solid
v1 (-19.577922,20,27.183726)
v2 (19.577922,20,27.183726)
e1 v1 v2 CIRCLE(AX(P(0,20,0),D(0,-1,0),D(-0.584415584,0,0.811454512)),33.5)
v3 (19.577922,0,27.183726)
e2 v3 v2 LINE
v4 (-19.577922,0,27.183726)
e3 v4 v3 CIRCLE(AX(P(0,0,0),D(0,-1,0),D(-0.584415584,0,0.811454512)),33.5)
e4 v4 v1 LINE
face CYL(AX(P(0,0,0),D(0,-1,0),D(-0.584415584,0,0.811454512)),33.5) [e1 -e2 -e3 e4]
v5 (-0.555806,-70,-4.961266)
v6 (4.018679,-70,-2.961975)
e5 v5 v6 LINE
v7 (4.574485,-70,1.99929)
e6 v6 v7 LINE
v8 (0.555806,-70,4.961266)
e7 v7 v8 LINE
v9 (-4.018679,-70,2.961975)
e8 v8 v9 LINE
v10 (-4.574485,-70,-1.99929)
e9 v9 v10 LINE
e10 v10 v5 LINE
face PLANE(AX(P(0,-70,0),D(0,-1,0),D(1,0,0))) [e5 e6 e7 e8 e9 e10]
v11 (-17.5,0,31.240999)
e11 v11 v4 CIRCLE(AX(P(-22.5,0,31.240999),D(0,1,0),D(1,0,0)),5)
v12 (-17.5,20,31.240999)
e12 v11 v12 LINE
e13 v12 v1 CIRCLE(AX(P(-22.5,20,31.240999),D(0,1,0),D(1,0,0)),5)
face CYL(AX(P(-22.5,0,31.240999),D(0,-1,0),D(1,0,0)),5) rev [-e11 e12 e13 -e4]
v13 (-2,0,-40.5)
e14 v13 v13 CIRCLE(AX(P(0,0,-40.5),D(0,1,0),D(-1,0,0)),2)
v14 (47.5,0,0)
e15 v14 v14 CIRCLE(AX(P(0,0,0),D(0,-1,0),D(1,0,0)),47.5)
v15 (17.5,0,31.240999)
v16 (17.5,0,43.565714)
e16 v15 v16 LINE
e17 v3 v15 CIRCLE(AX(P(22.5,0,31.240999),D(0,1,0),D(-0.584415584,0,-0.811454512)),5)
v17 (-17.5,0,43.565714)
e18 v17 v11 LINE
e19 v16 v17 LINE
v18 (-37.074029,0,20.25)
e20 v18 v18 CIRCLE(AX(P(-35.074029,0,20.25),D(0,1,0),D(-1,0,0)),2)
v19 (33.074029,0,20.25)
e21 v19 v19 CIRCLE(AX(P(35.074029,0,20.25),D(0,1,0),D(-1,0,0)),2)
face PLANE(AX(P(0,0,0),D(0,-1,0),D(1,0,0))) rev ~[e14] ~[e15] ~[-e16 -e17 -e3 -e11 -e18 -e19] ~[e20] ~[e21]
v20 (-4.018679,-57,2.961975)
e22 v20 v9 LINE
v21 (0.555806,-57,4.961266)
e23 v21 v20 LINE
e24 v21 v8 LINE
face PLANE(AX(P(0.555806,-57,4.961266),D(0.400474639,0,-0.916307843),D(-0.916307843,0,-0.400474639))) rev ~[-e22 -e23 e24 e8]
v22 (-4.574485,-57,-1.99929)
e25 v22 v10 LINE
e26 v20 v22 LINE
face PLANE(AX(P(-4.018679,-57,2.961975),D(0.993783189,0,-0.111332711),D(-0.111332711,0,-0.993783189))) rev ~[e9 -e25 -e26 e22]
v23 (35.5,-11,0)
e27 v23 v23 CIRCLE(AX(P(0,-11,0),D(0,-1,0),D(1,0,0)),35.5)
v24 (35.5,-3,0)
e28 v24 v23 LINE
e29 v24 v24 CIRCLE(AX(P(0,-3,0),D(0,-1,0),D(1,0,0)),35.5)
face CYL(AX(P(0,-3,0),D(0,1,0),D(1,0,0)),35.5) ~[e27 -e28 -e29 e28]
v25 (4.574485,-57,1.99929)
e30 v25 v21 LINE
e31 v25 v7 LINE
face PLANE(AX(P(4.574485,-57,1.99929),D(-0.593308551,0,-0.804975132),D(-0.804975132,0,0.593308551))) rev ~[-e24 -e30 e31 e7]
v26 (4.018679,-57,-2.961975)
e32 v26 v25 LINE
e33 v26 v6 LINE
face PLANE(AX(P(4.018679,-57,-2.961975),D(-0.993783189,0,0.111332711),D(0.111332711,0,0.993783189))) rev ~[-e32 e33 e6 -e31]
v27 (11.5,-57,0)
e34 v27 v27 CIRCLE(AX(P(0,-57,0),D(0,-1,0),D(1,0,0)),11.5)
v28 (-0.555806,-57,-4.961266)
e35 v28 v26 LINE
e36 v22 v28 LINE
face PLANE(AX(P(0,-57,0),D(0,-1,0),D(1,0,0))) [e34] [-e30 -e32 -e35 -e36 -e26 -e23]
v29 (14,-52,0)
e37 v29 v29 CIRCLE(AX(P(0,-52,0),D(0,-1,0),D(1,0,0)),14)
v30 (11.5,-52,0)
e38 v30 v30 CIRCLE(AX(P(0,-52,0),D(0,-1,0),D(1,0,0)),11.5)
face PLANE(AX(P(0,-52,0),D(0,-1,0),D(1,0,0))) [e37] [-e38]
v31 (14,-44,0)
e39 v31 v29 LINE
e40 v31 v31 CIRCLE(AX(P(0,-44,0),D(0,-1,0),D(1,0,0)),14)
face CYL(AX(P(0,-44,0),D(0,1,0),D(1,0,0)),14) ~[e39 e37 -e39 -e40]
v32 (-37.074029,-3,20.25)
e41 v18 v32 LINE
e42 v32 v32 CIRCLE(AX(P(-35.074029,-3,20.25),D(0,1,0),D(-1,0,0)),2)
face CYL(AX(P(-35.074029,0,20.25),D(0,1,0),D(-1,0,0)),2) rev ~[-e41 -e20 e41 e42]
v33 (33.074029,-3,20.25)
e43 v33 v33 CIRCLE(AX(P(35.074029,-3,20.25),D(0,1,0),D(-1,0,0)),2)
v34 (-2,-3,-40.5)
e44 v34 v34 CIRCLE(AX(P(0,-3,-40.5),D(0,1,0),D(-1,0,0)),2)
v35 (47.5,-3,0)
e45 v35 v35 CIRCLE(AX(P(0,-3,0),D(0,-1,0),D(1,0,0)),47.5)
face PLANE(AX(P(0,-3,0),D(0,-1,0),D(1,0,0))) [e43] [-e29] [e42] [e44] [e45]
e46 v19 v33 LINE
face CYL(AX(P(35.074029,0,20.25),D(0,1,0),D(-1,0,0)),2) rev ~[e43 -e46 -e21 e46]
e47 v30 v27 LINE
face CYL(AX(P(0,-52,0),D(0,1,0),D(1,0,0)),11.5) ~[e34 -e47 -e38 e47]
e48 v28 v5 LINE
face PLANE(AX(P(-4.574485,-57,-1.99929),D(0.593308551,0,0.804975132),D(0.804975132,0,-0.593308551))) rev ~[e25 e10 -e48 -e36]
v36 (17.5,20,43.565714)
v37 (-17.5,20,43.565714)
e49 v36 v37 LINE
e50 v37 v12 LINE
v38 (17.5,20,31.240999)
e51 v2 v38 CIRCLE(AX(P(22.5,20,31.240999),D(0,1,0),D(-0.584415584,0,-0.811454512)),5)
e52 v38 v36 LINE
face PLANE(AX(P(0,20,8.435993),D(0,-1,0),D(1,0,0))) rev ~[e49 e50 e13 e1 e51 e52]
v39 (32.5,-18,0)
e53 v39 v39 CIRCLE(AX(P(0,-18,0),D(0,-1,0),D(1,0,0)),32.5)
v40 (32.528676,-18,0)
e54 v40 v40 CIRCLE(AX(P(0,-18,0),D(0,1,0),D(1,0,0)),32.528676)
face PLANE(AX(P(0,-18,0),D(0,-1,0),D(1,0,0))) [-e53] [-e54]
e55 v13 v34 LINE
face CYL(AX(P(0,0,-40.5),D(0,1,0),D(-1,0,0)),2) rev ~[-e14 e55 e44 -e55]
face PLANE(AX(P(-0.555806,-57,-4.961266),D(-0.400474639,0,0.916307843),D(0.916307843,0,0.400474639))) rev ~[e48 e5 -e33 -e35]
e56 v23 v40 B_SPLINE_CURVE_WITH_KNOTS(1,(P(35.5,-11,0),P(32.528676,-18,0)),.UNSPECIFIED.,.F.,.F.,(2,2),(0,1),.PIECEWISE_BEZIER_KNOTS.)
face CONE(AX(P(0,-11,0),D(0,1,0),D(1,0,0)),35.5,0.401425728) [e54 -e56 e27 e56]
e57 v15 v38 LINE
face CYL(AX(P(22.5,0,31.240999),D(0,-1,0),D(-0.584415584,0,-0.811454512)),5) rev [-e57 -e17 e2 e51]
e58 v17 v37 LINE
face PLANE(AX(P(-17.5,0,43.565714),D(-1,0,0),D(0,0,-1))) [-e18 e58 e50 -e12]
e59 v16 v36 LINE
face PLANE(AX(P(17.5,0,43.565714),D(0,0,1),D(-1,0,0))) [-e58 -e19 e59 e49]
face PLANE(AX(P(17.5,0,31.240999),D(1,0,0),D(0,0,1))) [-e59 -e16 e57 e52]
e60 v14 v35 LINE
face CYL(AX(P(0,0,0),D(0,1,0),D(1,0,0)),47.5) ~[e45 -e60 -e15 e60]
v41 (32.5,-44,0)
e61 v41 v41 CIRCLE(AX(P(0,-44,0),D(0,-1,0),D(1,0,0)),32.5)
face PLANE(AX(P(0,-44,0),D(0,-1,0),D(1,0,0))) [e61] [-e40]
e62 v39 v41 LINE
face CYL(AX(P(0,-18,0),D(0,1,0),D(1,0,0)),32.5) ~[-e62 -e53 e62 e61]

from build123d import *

# Parameters (mm, degrees)
F1_DEPTH  = 20
F2_R      = 47.5
F3_DEPTH  = 3
F4_R      = 35.5
F5_DEPTH  = 8
F6_R      = 35.5
F7_DEPTH  = 7
F7_TAPER  = 23
F8_R      = 32.5
F9_DEPTH  = 26
F10_R     = 14
F11_DEPTH = 8
F12_R     = 11.5
F13_DEPTH = 5
F15_DEPTH = 13
F16_R     = 2
F17_DEPTH = 70.001


with BuildPart() as f1:
    # F0 (on Front) → F1 (new body)
    with BuildSketch(Plane.XZ):
        with BuildLine():
            ThreePointArc((-17.5, 31.2409987036), (-18.0496972232, 28.9617871744), (-19.5779220779, 27.1837261447))
            ThreePointArc((-19.5779220779, 27.1837261447), (0, -33.5), (19.5779220779, 27.1837261447))
            ThreePointArc((19.5779220779, 27.1837261447), (18.0496972232, 28.9617871744), (17.5, 31.2409987036))
            Line((17.5, 31.2409987036), (17.5, 43.5657137142))
            Line((17.5, 43.5657137142), (0, 43.5657137142))
            Line((0, 43.5657137142), (-17.5, 43.5657137142))
            Line((-17.5, 43.5657137142), (-17.5, 31.2409987036))
        make_face()
    extrude(amount=-F1_DEPTH)

    # F2 (on face) → F3 (join)
    with BuildSketch(Plane.XZ):
        Circle(F2_R)
    extrude(amount=F3_DEPTH)

    # F4 (on face) → F5 (join)
    with BuildSketch(Plane.XZ.offset(3)):
        Circle(F4_R)
    extrude(amount=F5_DEPTH)

    # F6 (on face) → F7 (join)
    with BuildSketch(Plane.XZ.offset(11)):
        Circle(F6_R)
    extrude(amount=F7_DEPTH, taper=F7_TAPER)

    # F8 (on face) → F9 (join)
    with BuildSketch(Plane.XZ.offset(18)):
        Circle(F8_R)
    extrude(amount=F9_DEPTH)

    # F10 (on face) → F11 (join)
    with BuildSketch(Plane.XZ.offset(44)):
        Circle(F10_R)
    extrude(amount=F11_DEPTH)

    # F12 (on face) → F13 (join)
    with BuildSketch(Plane.XZ.offset(52)):
        Circle(F12_R)
    extrude(amount=F13_DEPTH)

    # F14 (on face) → F15 (join)
    with BuildSketch(Plane.XZ.offset(57)):
        Polygon((4.5744852646, 1.9992902459), (0.5558064898, 4.9612655713), (-4.0186787748, 2.9619753254), (-4.5744852646, -1.9992902459), (-0.5558064898, -4.9612655713), (4.0186787748, -2.9619753254), align=None)
    extrude(amount=F15_DEPTH)

    # F16 (on face) → F17 (cut, through all)
    with BuildSketch(Plane(origin=(0, 0, 0), x_dir=(-1, 0, 0), z_dir=(0, 1, 0))):
        with Locations((0, -40.5)):
            Circle(F16_R)
        with Locations((-35.0740288533, 20.25)):
            Circle(F16_R)
        with Locations((35.0740288533, 20.25)):
            Circle(F16_R)
    extrude(amount=-F17_DEPTH, mode=Mode.SUBTRACT)


solid = f1.part
